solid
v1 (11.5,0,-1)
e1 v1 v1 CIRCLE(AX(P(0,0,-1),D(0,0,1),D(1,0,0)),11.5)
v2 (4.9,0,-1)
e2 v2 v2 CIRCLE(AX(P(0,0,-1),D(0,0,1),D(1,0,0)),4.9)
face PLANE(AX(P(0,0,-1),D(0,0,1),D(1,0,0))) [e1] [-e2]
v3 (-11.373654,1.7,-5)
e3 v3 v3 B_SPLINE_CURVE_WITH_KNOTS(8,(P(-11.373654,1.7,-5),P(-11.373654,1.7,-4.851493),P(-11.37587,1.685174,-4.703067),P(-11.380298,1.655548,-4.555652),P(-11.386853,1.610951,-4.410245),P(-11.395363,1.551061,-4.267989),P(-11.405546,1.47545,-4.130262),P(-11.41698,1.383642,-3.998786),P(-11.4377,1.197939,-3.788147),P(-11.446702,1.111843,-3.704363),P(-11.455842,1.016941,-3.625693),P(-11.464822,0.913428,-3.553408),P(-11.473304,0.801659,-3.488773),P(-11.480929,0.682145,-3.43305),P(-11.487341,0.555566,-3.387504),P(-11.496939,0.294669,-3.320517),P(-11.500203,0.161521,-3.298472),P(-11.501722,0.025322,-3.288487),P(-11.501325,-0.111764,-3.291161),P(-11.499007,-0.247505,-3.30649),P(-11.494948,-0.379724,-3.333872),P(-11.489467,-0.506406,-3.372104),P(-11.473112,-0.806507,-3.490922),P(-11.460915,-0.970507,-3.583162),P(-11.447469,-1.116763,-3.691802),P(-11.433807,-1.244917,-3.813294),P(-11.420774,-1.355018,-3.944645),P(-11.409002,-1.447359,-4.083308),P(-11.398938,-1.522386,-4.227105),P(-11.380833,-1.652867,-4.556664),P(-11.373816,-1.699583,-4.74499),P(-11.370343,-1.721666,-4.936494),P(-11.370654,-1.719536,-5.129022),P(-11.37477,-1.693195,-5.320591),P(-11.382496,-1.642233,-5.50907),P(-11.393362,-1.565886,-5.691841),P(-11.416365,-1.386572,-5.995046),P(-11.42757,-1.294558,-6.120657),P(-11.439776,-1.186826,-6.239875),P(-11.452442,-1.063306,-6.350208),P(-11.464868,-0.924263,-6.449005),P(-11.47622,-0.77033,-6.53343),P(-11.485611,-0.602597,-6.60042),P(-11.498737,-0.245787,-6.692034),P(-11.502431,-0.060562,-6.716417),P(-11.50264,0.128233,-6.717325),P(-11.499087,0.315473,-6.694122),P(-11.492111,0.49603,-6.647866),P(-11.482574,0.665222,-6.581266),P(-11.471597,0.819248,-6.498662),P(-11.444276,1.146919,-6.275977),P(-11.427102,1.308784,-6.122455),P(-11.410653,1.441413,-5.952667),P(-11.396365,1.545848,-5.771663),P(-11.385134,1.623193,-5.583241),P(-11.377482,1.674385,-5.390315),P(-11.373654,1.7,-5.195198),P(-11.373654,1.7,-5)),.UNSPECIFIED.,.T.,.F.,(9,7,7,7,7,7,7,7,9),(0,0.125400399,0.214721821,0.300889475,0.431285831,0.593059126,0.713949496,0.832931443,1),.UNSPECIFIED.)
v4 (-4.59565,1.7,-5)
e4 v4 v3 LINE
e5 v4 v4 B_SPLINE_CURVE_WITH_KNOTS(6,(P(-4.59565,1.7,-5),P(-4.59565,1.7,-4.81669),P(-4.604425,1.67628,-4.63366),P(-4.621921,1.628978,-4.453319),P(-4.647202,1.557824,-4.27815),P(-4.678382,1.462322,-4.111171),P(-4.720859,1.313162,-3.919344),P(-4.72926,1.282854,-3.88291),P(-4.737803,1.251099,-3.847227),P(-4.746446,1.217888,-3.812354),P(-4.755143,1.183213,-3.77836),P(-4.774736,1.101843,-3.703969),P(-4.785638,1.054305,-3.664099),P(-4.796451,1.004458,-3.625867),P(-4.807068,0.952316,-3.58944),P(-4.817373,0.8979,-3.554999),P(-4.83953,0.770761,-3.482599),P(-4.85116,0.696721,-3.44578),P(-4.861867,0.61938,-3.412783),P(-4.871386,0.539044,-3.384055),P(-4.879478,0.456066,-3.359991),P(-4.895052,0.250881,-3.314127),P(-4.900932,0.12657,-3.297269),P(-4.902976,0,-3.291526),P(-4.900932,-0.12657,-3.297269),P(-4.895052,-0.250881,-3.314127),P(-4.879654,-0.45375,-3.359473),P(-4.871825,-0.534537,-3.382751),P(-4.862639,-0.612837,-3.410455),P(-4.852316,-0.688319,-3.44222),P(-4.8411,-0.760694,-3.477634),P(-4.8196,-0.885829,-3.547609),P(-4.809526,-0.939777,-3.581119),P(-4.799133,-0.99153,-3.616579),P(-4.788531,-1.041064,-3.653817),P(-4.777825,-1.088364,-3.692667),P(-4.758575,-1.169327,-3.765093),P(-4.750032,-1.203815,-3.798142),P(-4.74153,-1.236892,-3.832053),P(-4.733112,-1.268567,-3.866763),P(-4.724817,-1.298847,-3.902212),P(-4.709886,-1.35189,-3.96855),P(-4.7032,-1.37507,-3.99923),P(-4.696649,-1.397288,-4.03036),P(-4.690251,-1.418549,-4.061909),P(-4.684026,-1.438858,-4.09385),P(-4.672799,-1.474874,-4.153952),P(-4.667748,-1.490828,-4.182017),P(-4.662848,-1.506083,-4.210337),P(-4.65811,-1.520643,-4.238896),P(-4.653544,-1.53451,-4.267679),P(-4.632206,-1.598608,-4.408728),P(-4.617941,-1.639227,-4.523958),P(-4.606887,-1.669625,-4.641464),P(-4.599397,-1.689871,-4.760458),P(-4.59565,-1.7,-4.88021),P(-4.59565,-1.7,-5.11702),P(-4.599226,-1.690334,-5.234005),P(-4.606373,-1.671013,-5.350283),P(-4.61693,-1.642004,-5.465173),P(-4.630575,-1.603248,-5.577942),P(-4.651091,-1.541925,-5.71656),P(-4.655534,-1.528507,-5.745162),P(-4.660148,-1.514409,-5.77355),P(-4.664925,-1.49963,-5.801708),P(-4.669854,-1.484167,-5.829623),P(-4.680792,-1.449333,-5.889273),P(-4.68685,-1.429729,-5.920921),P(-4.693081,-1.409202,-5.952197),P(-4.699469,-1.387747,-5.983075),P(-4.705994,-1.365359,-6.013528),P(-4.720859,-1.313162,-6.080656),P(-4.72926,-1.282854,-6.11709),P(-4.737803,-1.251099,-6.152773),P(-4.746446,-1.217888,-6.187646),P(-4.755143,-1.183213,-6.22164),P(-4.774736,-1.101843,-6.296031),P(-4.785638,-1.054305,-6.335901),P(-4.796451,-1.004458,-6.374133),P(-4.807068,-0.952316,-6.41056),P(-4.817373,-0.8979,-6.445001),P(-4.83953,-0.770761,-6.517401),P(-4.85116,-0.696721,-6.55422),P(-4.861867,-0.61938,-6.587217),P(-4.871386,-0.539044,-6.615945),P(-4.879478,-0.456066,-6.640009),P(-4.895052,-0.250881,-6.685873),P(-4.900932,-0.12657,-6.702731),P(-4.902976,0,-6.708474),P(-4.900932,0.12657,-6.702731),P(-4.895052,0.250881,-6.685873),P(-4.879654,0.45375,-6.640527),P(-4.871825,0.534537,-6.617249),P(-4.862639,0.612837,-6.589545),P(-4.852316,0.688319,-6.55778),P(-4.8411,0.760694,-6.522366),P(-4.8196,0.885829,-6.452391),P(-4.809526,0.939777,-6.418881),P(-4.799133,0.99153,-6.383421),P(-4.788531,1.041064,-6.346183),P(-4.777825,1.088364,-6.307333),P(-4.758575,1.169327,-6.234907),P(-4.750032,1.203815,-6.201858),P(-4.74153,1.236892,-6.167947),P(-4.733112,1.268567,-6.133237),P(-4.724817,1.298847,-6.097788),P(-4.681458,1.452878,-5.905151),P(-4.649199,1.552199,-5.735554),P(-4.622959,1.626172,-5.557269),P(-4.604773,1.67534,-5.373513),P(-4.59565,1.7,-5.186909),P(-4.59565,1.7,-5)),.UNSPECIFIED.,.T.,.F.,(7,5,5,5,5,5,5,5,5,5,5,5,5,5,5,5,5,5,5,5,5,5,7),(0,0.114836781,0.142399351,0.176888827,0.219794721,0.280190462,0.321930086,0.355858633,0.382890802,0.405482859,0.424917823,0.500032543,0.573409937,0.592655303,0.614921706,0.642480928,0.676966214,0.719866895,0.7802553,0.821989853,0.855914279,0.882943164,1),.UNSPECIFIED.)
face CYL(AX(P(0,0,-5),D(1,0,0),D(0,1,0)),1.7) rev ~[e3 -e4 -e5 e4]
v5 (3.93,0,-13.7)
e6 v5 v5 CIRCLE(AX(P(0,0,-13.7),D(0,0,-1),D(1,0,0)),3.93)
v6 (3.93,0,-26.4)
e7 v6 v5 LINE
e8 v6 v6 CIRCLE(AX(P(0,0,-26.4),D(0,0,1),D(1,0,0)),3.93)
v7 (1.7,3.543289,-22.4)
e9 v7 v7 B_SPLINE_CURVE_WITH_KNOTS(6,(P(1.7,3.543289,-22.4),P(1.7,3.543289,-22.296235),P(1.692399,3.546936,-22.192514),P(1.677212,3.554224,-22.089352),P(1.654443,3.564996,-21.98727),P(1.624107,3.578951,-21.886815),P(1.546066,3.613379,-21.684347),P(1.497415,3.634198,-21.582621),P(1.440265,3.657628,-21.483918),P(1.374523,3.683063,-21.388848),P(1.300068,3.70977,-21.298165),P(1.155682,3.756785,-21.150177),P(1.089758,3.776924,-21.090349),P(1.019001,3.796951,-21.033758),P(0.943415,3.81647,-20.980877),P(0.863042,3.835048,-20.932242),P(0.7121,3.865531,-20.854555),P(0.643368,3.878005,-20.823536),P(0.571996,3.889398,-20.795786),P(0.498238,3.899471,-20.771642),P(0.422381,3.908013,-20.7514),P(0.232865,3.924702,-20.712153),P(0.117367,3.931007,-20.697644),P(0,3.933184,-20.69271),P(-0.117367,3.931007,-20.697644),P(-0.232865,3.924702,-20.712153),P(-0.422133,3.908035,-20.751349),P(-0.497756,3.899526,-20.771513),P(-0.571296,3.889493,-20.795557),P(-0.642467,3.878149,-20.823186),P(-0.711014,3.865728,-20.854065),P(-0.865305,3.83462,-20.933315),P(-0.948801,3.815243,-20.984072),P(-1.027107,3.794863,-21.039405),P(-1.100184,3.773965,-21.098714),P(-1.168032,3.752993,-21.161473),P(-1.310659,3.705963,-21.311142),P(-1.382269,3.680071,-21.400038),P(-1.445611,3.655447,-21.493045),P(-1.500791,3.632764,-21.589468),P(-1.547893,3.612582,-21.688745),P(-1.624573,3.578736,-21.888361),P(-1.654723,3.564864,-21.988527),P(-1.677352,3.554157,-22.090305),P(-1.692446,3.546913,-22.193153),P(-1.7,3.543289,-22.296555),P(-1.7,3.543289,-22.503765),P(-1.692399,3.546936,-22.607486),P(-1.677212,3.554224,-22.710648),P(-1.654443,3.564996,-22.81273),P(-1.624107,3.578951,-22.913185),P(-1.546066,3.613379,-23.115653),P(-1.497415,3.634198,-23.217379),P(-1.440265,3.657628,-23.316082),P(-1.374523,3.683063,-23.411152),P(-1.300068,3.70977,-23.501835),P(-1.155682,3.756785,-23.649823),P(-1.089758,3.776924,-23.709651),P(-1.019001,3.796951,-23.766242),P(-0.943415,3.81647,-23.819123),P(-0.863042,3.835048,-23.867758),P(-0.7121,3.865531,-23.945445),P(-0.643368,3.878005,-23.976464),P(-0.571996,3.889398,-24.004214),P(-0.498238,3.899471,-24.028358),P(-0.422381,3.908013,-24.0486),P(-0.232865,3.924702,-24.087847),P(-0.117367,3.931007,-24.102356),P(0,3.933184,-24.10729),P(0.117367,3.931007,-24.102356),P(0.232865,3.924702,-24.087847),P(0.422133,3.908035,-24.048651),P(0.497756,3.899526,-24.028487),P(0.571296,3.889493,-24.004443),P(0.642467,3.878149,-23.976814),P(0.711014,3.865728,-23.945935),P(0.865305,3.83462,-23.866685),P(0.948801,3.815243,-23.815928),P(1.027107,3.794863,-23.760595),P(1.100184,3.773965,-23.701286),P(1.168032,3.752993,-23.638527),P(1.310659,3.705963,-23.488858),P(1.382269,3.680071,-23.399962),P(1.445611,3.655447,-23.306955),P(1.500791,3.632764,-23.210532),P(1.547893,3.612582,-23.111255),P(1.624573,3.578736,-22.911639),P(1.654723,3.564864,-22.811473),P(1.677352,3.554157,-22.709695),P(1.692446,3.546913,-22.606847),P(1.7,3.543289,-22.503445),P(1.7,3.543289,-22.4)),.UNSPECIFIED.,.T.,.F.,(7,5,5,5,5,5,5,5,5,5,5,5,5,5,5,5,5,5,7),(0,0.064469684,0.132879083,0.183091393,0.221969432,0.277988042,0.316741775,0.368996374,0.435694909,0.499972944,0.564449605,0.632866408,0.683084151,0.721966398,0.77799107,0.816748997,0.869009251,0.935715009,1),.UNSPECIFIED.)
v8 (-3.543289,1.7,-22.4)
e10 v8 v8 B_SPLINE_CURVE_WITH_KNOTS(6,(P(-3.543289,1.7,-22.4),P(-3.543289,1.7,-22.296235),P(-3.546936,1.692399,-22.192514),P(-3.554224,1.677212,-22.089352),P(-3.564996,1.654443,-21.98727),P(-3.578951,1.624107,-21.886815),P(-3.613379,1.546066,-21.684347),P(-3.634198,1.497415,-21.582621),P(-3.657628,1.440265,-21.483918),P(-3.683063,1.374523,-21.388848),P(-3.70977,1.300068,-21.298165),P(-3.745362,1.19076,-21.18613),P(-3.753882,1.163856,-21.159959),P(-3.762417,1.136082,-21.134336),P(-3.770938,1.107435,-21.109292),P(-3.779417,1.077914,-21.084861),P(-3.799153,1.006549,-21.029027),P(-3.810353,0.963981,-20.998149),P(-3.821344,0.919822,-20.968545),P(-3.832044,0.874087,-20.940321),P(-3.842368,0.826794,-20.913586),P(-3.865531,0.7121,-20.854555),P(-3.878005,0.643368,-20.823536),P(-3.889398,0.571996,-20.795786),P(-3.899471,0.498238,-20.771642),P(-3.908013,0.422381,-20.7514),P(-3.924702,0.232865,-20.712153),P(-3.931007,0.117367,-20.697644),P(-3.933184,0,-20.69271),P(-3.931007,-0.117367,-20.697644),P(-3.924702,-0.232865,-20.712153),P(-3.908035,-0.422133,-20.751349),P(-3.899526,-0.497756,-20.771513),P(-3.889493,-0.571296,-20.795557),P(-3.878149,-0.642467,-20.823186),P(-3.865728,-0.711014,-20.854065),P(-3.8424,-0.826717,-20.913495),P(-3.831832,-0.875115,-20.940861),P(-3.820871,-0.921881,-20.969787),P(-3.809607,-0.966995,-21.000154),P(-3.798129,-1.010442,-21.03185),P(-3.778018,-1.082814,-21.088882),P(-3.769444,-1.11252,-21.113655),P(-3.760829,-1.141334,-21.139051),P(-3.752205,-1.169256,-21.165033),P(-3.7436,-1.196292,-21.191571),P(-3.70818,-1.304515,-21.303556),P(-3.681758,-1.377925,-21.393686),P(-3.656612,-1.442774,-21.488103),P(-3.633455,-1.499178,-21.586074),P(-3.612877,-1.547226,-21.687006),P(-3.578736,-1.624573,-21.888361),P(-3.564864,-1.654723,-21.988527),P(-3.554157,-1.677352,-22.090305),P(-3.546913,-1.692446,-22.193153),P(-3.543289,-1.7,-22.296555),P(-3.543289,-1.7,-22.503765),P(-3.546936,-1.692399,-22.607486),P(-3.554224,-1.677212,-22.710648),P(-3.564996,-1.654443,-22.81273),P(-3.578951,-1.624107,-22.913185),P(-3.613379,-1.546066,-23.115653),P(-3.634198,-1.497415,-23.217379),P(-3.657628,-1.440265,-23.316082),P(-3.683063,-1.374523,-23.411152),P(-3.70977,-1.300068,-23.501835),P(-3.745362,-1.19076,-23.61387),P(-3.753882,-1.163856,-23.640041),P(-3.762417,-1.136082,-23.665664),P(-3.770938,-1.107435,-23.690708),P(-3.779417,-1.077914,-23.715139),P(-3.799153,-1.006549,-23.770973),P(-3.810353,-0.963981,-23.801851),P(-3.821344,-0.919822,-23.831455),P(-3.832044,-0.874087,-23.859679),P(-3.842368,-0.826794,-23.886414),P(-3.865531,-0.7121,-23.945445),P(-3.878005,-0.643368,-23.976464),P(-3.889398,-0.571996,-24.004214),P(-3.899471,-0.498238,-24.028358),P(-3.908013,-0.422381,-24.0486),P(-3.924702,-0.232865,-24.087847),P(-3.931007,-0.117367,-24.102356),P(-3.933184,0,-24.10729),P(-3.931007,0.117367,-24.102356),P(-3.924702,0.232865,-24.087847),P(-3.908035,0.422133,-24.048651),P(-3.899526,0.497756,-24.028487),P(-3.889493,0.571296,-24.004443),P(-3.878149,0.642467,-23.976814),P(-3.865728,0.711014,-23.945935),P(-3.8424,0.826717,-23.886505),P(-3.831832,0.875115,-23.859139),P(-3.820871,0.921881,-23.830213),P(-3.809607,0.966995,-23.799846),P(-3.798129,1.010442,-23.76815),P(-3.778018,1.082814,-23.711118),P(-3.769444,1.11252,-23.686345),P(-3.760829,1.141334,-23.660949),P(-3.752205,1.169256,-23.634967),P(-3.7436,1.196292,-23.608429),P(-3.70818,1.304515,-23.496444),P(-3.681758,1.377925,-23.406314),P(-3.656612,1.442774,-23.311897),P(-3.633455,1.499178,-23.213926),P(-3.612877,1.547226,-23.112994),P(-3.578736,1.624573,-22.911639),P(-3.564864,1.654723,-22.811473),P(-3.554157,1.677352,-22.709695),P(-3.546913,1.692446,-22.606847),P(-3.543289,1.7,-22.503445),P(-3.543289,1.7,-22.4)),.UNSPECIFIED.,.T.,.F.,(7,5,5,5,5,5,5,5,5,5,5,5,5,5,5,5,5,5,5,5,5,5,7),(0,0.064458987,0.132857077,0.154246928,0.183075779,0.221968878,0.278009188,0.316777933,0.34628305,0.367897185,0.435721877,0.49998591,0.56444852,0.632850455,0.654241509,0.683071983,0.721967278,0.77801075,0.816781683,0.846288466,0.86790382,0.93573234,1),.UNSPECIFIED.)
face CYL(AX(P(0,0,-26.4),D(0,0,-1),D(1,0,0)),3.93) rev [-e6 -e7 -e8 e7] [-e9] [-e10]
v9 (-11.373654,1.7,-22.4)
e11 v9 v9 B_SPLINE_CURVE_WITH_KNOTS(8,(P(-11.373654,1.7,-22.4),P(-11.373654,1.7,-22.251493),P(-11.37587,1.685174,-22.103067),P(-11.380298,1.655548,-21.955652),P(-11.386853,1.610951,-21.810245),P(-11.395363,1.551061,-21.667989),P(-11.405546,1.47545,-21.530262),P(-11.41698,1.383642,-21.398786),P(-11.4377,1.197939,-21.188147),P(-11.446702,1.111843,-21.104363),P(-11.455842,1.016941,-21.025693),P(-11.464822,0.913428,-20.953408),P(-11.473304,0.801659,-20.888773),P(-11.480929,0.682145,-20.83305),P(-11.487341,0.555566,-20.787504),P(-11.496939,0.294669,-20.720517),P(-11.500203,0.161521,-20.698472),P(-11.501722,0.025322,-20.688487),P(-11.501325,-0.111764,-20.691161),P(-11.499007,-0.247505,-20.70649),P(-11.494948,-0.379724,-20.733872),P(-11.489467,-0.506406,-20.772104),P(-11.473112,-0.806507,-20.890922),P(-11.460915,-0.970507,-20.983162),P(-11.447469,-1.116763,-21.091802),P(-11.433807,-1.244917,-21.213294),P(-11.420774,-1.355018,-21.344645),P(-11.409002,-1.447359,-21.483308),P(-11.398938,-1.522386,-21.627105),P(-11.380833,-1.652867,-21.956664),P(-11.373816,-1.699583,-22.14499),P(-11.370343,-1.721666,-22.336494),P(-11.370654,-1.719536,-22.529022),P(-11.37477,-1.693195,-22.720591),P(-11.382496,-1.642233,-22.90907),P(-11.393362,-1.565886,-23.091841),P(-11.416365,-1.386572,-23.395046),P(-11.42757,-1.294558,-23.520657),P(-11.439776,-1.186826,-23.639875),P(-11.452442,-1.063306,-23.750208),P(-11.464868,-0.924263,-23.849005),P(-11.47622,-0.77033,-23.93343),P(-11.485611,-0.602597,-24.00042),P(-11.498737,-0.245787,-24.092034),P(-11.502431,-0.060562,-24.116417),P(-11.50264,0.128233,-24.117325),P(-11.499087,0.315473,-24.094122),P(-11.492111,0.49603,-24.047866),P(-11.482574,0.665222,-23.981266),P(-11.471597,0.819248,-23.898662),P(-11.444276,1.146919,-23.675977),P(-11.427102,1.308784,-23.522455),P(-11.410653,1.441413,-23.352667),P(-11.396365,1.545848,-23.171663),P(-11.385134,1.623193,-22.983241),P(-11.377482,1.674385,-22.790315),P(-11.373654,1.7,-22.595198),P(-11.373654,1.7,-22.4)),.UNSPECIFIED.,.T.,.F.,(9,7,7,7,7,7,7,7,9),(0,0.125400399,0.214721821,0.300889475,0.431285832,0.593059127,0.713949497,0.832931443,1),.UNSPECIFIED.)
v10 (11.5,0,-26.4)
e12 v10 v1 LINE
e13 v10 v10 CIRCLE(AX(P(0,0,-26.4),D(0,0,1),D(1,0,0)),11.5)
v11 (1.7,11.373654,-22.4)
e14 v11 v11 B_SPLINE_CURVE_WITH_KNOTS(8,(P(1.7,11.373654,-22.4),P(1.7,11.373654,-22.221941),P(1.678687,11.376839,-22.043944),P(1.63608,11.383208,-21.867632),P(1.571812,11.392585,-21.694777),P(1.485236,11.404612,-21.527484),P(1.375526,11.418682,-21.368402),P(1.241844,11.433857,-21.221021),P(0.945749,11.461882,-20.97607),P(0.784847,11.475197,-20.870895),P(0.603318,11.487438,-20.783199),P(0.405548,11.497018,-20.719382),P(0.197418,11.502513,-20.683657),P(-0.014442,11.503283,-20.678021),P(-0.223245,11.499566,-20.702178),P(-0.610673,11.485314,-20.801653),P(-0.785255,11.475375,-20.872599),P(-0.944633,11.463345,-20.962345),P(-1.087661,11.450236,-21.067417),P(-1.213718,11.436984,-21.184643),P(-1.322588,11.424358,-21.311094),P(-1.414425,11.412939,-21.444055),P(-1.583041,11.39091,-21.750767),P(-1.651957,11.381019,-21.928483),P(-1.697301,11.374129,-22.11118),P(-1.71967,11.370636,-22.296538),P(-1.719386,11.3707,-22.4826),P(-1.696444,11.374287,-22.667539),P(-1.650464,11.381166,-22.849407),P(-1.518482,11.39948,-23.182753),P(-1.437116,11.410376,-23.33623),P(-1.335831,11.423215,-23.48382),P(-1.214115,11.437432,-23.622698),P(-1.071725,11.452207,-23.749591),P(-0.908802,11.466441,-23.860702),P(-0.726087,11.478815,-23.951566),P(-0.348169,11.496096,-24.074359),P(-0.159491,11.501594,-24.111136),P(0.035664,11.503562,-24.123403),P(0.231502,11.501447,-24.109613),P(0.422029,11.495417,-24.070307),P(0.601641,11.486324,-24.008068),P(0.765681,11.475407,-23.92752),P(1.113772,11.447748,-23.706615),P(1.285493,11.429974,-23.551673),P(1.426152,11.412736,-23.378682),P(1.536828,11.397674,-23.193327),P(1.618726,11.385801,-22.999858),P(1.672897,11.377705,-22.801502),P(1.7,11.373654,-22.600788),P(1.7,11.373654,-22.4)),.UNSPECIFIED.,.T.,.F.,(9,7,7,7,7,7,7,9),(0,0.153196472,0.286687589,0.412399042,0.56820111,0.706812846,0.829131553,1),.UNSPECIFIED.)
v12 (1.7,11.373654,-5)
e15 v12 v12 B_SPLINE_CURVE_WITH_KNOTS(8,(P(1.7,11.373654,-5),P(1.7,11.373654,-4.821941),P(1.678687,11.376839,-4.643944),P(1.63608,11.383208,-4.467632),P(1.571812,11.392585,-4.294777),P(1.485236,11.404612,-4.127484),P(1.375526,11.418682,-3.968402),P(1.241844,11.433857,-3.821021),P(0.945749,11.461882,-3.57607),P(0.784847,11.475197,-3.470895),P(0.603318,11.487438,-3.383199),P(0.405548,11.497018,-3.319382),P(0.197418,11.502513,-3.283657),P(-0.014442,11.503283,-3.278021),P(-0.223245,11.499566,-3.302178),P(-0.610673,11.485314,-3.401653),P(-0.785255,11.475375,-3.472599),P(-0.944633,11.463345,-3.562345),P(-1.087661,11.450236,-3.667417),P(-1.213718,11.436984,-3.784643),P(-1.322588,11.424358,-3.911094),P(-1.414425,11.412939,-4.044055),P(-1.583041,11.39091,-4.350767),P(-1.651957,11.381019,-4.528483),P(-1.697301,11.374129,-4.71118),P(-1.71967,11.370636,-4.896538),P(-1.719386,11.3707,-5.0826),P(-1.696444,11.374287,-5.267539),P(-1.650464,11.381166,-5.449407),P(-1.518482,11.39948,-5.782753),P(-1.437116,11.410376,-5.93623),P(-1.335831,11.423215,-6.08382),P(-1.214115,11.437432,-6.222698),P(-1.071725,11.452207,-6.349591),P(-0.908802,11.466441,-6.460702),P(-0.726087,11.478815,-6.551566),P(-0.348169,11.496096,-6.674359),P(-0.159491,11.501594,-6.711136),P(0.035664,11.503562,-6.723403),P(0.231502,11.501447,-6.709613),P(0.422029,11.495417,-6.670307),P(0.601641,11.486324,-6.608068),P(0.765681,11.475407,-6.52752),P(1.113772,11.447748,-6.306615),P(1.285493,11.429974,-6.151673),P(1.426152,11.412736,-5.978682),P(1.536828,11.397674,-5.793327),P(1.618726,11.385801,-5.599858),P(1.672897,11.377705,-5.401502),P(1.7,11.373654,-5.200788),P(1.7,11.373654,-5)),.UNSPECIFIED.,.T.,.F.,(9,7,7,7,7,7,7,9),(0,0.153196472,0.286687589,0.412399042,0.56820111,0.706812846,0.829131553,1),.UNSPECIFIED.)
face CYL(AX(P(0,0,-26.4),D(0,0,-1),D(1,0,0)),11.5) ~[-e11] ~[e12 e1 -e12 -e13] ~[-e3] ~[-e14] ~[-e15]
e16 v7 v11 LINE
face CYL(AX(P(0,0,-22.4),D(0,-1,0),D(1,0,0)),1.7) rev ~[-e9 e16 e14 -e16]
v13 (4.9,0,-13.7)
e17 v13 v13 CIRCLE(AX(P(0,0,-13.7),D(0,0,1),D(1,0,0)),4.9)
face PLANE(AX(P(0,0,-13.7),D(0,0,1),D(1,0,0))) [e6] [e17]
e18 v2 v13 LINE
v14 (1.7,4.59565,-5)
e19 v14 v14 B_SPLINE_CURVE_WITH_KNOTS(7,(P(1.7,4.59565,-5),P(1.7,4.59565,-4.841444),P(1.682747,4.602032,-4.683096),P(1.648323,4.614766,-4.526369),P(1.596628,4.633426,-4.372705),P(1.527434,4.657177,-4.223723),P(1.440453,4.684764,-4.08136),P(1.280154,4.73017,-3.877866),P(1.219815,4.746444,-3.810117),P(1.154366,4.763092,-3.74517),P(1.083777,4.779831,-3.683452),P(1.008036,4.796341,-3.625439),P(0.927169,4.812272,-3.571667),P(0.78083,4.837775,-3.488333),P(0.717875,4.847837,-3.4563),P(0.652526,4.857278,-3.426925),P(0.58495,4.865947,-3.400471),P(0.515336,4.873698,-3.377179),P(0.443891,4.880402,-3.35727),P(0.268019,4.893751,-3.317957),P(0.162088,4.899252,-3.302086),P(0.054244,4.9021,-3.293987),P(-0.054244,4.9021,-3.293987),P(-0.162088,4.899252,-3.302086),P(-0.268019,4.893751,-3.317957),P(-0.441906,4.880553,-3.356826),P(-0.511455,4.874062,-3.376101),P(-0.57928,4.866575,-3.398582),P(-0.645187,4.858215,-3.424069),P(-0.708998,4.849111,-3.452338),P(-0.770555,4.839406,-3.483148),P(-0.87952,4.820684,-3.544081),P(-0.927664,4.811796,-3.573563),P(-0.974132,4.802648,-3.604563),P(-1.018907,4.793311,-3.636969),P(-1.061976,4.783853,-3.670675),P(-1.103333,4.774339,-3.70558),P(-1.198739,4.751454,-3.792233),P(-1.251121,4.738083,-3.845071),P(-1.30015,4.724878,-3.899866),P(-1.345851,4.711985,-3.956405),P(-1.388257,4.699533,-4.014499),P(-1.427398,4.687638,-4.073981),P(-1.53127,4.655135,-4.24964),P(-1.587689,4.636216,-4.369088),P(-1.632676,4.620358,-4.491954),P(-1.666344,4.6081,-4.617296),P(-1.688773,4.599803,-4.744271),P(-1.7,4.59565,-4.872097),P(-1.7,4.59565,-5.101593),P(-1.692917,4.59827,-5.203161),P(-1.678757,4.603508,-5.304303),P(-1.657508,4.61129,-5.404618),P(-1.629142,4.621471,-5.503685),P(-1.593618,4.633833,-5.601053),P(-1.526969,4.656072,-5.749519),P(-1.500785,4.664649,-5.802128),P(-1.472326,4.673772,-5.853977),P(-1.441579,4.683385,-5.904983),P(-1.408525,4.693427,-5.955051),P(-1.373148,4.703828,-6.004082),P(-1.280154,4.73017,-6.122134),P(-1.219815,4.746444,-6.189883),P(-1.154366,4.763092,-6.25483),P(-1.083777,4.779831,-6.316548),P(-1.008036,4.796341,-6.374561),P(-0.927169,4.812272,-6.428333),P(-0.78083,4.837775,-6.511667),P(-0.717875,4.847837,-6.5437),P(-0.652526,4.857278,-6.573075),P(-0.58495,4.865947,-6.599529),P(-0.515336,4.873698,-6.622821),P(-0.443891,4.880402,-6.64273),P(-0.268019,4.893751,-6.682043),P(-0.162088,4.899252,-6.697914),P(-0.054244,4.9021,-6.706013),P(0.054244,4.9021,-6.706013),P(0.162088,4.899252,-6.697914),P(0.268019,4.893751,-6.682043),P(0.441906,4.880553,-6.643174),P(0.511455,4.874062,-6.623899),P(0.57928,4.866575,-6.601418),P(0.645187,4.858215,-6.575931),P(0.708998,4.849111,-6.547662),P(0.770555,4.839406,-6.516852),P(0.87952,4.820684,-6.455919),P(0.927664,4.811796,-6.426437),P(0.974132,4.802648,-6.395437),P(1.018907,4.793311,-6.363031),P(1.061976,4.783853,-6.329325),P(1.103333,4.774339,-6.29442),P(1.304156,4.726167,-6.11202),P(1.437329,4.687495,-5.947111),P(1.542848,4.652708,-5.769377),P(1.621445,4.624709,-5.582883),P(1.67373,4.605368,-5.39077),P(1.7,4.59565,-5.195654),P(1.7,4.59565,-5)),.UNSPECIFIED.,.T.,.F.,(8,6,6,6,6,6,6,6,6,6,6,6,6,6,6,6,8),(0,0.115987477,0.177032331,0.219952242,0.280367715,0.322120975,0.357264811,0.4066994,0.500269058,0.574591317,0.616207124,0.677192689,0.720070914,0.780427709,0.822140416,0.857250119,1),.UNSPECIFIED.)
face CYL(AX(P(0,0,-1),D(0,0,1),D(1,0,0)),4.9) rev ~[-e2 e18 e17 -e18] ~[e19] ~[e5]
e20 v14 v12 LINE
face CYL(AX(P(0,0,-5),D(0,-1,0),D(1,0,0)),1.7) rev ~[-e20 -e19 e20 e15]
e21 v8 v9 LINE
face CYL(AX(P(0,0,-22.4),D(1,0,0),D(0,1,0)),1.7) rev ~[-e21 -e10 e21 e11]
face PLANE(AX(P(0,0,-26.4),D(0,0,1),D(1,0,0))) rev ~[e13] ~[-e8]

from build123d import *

# Parameters (mm, degrees)
SKETCH_R        = 11.5
SKETCH_R_2      = 3.93
PAD_DEPTH       = 25.4
SKETCH001_R     = 4.9
POCKET_DEPTH    = 12.7
SKETCH002_R     = 1.7
POCKET001_DEPTH = 11.501
SKETCH003_R     = 1.7
POCKET002_DEPTH = 11.501


with BuildPart() as part:
    # Sketch → Pad (new body)
    with BuildSketch(Plane.XY):
        Circle(SKETCH_R)
        Circle(SKETCH_R_2, mode=Mode.SUBTRACT)
    extrude(amount=PAD_DEPTH)

    # Sketch001 (on Face4 of Pad) → Pocket (cut)
    with BuildSketch(Plane.XY.offset(25.4)):
        Circle(SKETCH001_R)
    extrude(amount=-POCKET_DEPTH, mode=Mode.SUBTRACT)

    # Sketch002 → Pocket001 (cut, through all)
    with BuildSketch(Plane.XZ):
        with Locations((0, 4)):
            Circle(SKETCH002_R)
        with Locations((0, 21.4)):
            Circle(SKETCH002_R)
    extrude(amount=-POCKET001_DEPTH, mode=Mode.SUBTRACT)

    # Sketch003 → Pocket002 (cut, through all)
    with BuildSketch(Plane.YZ):
        with Locations((0, 4)):
            Circle(SKETCH003_R)
        with Locations((0, 21.4)):
            Circle(SKETCH003_R)
    extrude(amount=-POCKET002_DEPTH, mode=Mode.SUBTRACT)


with BuildPart() as part_1:
    # Clone placement: moved
    add(part.part.moved(Location((0, 0, -26.4))))


solid = part_1.part
